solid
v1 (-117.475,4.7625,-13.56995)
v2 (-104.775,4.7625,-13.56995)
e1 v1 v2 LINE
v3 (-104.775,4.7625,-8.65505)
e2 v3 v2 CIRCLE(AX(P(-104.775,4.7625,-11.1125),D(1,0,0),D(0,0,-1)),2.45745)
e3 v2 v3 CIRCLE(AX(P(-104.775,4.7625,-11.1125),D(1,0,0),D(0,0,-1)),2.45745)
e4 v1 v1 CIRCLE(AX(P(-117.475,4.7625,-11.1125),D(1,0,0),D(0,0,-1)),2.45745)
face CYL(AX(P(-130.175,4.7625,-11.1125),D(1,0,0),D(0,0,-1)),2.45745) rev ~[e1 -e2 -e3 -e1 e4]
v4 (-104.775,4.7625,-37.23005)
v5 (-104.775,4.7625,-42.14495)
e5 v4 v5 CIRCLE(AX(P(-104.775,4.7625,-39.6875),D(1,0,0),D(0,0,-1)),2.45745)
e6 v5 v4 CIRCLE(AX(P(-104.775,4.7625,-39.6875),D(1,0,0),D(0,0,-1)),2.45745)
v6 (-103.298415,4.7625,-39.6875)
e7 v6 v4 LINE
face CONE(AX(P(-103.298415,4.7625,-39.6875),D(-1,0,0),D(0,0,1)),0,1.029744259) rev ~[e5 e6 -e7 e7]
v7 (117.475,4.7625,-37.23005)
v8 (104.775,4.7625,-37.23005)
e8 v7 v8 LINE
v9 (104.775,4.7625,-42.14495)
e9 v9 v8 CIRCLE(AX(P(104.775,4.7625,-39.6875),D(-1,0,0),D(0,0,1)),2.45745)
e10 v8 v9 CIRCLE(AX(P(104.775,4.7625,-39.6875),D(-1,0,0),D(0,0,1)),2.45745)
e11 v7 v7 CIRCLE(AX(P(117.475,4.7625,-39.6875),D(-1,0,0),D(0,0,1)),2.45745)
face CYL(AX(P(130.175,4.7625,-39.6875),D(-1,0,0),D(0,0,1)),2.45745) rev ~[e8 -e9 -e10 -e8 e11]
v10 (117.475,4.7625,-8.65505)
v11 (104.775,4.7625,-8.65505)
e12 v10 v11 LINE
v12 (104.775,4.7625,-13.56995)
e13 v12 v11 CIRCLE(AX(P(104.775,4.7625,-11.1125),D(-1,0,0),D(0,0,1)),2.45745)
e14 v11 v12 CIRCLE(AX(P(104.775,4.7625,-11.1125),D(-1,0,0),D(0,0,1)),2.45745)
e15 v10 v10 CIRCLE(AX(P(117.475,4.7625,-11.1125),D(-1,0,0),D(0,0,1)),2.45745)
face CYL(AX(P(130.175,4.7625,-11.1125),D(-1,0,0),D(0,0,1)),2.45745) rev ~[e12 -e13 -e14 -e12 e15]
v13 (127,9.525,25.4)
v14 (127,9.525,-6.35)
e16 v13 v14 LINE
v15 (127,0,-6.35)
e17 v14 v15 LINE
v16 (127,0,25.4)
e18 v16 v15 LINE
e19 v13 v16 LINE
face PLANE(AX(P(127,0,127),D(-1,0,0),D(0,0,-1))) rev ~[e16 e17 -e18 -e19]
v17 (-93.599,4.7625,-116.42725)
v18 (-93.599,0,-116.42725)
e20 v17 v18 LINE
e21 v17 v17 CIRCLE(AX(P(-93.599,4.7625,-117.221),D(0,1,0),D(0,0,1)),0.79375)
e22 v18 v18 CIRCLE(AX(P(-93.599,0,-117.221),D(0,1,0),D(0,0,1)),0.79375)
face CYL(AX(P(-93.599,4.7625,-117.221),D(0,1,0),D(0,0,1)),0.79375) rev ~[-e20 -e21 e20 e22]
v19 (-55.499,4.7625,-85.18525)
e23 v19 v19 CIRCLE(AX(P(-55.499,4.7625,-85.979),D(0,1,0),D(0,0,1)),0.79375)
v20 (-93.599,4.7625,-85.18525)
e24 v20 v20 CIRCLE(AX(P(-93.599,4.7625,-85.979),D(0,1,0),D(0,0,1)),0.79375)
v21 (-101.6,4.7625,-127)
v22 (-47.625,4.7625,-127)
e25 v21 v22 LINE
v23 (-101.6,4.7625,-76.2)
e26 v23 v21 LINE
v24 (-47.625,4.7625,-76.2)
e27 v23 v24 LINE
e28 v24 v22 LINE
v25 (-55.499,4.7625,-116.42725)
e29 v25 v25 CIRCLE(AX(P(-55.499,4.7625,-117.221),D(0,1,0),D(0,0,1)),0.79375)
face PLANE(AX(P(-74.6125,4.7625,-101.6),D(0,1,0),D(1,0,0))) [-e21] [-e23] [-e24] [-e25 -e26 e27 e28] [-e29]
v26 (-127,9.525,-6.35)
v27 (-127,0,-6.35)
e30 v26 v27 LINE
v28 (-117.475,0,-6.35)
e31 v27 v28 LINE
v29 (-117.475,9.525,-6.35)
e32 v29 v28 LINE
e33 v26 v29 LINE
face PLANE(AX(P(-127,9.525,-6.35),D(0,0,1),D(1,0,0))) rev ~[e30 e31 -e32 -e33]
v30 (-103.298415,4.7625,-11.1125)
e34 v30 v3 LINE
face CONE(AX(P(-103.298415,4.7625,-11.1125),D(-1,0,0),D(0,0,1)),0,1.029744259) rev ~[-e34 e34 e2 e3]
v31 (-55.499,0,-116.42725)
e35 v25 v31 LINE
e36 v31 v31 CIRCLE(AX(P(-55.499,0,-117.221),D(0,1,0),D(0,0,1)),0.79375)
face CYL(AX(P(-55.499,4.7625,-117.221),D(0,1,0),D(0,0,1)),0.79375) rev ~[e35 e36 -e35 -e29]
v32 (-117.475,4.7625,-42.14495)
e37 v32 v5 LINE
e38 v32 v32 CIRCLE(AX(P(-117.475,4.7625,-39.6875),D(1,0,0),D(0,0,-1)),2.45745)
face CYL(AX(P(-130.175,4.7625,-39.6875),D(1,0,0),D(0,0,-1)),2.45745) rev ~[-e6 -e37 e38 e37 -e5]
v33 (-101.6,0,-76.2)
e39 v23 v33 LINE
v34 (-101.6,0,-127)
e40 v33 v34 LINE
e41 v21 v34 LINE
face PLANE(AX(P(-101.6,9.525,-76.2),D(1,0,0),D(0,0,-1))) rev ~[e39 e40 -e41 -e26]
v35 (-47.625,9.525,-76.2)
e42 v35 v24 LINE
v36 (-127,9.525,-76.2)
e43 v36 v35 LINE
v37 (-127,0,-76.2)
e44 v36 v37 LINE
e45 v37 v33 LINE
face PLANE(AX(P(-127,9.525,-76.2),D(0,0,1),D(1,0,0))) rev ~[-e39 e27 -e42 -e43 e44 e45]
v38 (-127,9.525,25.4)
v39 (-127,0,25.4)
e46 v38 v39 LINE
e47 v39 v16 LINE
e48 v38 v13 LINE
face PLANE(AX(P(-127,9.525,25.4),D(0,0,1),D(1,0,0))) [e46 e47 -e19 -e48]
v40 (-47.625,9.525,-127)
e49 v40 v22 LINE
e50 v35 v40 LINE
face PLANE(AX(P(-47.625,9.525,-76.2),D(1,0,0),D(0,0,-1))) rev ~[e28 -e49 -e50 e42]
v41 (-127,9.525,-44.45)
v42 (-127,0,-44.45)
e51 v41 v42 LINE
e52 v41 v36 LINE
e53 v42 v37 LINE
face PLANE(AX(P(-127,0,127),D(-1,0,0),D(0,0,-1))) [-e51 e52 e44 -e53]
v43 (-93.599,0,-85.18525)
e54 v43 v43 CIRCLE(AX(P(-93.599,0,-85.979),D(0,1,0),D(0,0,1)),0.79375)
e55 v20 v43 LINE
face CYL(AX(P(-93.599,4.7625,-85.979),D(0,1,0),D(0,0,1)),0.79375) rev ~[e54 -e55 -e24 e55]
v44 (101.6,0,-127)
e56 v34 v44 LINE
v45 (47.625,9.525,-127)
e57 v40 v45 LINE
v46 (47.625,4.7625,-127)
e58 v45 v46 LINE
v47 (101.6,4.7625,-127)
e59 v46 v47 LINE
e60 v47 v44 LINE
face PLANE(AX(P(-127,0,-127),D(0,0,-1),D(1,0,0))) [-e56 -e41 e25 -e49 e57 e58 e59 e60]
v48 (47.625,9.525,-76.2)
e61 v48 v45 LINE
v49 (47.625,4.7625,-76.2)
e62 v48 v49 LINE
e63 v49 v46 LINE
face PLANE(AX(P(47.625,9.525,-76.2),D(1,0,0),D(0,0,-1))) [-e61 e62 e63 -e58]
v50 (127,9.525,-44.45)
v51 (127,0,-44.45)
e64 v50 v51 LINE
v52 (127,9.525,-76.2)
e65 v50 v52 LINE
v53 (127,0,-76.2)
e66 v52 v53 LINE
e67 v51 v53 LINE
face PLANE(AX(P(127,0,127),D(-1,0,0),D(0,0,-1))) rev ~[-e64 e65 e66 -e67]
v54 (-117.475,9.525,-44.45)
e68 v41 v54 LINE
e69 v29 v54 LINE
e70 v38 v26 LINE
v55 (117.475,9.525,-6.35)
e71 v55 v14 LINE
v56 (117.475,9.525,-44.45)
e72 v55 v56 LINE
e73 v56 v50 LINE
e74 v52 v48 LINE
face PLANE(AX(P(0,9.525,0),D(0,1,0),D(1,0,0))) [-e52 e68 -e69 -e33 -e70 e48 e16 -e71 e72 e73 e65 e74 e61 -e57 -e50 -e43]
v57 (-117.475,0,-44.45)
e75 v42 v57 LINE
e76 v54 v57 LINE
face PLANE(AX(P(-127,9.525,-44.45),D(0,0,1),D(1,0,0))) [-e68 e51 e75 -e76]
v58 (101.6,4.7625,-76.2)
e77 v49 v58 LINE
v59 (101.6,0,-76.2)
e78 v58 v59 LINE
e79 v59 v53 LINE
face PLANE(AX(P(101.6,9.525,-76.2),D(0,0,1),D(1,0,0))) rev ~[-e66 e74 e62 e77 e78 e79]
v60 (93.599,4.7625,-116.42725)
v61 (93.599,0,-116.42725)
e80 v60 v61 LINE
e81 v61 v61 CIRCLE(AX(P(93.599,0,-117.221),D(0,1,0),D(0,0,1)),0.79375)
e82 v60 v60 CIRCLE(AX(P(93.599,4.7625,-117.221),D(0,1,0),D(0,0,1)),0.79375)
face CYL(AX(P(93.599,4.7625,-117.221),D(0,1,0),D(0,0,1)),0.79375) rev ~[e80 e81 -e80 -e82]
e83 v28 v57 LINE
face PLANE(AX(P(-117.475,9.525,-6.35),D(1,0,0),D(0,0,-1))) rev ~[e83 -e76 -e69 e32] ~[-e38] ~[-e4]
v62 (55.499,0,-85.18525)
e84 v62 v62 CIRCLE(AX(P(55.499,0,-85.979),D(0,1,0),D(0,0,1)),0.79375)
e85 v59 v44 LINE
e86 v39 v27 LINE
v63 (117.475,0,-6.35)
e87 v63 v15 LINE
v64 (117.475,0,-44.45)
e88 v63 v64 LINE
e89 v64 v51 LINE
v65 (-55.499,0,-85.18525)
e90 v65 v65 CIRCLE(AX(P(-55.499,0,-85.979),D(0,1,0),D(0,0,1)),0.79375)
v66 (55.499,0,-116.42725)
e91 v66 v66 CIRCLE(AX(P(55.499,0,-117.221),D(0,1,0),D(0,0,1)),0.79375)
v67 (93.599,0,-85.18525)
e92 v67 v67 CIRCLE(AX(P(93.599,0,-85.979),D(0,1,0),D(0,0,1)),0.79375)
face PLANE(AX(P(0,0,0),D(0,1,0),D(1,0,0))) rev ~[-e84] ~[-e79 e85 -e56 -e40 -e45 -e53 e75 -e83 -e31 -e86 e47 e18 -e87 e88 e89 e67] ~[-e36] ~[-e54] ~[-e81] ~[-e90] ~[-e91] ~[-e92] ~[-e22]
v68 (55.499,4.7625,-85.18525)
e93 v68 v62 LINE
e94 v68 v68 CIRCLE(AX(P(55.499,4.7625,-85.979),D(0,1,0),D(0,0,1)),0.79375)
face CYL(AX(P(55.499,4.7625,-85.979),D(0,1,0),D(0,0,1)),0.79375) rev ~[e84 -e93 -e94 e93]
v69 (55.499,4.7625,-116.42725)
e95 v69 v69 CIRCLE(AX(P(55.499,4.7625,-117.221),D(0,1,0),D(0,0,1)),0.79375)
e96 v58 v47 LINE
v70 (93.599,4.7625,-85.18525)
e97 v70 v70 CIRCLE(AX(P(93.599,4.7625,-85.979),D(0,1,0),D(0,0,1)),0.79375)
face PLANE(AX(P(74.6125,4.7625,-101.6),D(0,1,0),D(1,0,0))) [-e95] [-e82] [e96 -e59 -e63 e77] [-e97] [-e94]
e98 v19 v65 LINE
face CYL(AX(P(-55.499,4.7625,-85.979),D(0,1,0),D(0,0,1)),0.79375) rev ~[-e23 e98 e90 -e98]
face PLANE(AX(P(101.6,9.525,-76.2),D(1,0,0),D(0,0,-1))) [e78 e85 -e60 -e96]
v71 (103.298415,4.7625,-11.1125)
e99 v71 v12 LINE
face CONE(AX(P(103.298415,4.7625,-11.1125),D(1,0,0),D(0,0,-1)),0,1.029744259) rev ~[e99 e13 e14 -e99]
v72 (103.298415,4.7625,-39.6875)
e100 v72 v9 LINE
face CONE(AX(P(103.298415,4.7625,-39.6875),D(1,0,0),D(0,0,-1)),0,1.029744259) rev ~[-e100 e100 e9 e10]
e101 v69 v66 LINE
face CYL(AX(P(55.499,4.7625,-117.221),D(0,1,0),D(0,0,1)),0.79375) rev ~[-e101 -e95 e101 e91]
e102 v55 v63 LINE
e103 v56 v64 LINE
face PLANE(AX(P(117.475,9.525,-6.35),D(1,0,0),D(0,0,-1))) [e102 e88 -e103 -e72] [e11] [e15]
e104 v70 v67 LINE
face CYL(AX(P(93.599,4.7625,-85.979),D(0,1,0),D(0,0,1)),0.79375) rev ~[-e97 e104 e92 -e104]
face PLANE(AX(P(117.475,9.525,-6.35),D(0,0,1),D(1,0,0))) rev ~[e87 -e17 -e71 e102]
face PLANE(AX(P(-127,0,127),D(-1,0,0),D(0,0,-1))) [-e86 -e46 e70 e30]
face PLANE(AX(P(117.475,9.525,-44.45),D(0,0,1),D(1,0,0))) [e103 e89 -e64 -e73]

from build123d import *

# Parameters (mm, degrees)
SKETCH1_W                        = 254
SKETCH1_H                        = 254
BOSS_EXTRUDE1_DEPTH              = 9.525
SKETCH2_W                        = 25.4
SKETCH2_H                        = 50.8
CUT_EXTRUDE1_DEPTH               = 180.857514786
SKETCH4_W                        = 53.975
SKETCH4_H                        = 50.8
CUT_EXTRUDE2_DEPTH               = 4.7625
SKETCH7_W                        = 9.525
SKETCH7_H                        = 38.1
CUT_EXTRUDE4_DEPTH               = 180.857514786
F_10_0_1935_DIAMETER_HOLE1_D     = 4.9149
F_10_0_1935_DIAMETER_HOLE1_DEPTH = 12.7
F_10_0_1935_DIAMETER_HOLE1_TIP   = 1.476584928
F_10_0_1935_DIAMETER_HOLE3_D     = 4.9149
F_10_0_1935_DIAMETER_HOLE3_DEPTH = 12.7
F_10_0_1935_DIAMETER_HOLE3_TIP   = 1.476584928
SKETCH16_R                       = 0.79375
CUT_EXTRUDE7_DEPTH               = 180.668253752
SKETCH17_W                       = 254
SKETCH17_H                       = 101.6
CUT_EXTRUDE8_DEPTH               = 180.857514786


with BuildPart() as part:
    # Sketch1 → Boss-Extrude1 (new body)
    with BuildSketch(Plane(origin=(0, 0, 0), x_dir=(1, 0, 0), z_dir=(0, 1, 0))):
        Rectangle(SKETCH1_W, SKETCH1_H)
    extrude(amount=BOSS_EXTRUDE1_DEPTH)

    # Sketch2 → Cut-Extrude1 (cut, through all)
    with BuildSketch(Plane(origin=(0, 9.525, 0), x_dir=(1, 0, 0), z_dir=(0, 1, 0))):
        with Locations((-114.3, 101.6)):
            Rectangle(SKETCH2_W, SKETCH2_H)
        with Locations((114.3, 101.6)):
            Rectangle(SKETCH2_W, SKETCH2_H)
    extrude(amount=-CUT_EXTRUDE1_DEPTH, mode=Mode.SUBTRACT)

    # Sketch4 → Cut-Extrude2 (cut)
    with BuildSketch(Plane(origin=(0, 9.525, 0), x_dir=(1, 0, 0), z_dir=(0, 1, 0))):
        with Locations((-74.6125, 101.6)):
            Rectangle(SKETCH4_W, SKETCH4_H)
        with Locations((74.6125, 101.6)):
            Rectangle(SKETCH4_W, SKETCH4_H)
    extrude(amount=-CUT_EXTRUDE2_DEPTH, mode=Mode.SUBTRACT)

    # Sketch7 → Cut-Extrude4 (cut, through all)
    with BuildSketch(Plane(origin=(0, 9.525, 0), x_dir=(1, 0, 0), z_dir=(0, 1, 0))):
        with Locations((-122.2375, 25.4)):
            Rectangle(SKETCH7_W, SKETCH7_H)
        with Locations((122.2375, 25.4)):
            Rectangle(SKETCH7_W, SKETCH7_H)
    extrude(amount=-CUT_EXTRUDE4_DEPTH, mode=Mode.SUBTRACT)

    # #10 (0.1935) Diameter Hole1
    with Locations(Plane(origin=(117.475, 0, 0), x_dir=(0, 0, -1), z_dir=(1, 0, 0))):
        with Locations((11.1125, 4.7625), (39.6875, 4.7625)):
            Hole(F_10_0_1935_DIAMETER_HOLE1_D / 2, depth=F_10_0_1935_DIAMETER_HOLE1_DEPTH)
            with Locations((0, 0, -(F_10_0_1935_DIAMETER_HOLE1_DEPTH + F_10_0_1935_DIAMETER_HOLE1_TIP / 2))):  # 118° drill point
                Cone(0, F_10_0_1935_DIAMETER_HOLE1_D / 2, F_10_0_1935_DIAMETER_HOLE1_TIP, mode=Mode.SUBTRACT)

    # #10 (0.1935) Diameter Hole3
    with Locations(Plane.ZY.offset(117.475)):
        with Locations((-39.6875, 4.7625), (-11.1125, 4.7625)):
            Hole(F_10_0_1935_DIAMETER_HOLE3_D / 2, depth=F_10_0_1935_DIAMETER_HOLE3_DEPTH)
            with Locations((0, 0, -(F_10_0_1935_DIAMETER_HOLE3_DEPTH + F_10_0_1935_DIAMETER_HOLE3_TIP / 2))):  # 118° drill point
                Cone(0, F_10_0_1935_DIAMETER_HOLE3_D / 2, F_10_0_1935_DIAMETER_HOLE3_TIP, mode=Mode.SUBTRACT)

    # Sketch16 → Cut-Extrude7 (cut, through all)
    with BuildSketch(Plane(origin=(0, 4.7625, 0), x_dir=(1, 0, 0), z_dir=(0, 1, 0))):
        with Locations(Location((93.599, 117.221, 0), (0, 0, 270))):
            Circle(SKETCH16_R)
        with Locations(Location((55.499, 117.221, 0), (0, 0, 270))):
            Circle(SKETCH16_R)
        with Locations(Location((55.499, 85.979, 0), (0, 0, 270))):
            Circle(SKETCH16_R)
        with Locations(Location((93.599, 85.979, 0), (0, 0, 270))):
            Circle(SKETCH16_R)
        with Locations(Location((-93.599, 85.979, 0), (0, 0, 270))):
            Circle(SKETCH16_R)
        with Locations(Location((-55.499, 85.979, 0), (0, 0, 270))):
            Circle(SKETCH16_R)
        with Locations(Location((-55.499, 117.221, 0), (0, 0, 270))):
            Circle(SKETCH16_R)
        with Locations(Location((-93.599, 117.221, 0), (0, 0, 270))):
            Circle(SKETCH16_R)
    extrude(amount=-CUT_EXTRUDE7_DEPTH, mode=Mode.SUBTRACT)

    # Sketch17 → Cut-Extrude8 (cut, through all)
    with BuildSketch(Plane(origin=(0, 9.525, 0), x_dir=(1, 0, 0), z_dir=(0, 1, 0))):
        with Locations((0, -76.2)):
            Rectangle(SKETCH17_W, SKETCH17_H)
    extrude(amount=-CUT_EXTRUDE8_DEPTH, mode=Mode.SUBTRACT)


solid = part.part
